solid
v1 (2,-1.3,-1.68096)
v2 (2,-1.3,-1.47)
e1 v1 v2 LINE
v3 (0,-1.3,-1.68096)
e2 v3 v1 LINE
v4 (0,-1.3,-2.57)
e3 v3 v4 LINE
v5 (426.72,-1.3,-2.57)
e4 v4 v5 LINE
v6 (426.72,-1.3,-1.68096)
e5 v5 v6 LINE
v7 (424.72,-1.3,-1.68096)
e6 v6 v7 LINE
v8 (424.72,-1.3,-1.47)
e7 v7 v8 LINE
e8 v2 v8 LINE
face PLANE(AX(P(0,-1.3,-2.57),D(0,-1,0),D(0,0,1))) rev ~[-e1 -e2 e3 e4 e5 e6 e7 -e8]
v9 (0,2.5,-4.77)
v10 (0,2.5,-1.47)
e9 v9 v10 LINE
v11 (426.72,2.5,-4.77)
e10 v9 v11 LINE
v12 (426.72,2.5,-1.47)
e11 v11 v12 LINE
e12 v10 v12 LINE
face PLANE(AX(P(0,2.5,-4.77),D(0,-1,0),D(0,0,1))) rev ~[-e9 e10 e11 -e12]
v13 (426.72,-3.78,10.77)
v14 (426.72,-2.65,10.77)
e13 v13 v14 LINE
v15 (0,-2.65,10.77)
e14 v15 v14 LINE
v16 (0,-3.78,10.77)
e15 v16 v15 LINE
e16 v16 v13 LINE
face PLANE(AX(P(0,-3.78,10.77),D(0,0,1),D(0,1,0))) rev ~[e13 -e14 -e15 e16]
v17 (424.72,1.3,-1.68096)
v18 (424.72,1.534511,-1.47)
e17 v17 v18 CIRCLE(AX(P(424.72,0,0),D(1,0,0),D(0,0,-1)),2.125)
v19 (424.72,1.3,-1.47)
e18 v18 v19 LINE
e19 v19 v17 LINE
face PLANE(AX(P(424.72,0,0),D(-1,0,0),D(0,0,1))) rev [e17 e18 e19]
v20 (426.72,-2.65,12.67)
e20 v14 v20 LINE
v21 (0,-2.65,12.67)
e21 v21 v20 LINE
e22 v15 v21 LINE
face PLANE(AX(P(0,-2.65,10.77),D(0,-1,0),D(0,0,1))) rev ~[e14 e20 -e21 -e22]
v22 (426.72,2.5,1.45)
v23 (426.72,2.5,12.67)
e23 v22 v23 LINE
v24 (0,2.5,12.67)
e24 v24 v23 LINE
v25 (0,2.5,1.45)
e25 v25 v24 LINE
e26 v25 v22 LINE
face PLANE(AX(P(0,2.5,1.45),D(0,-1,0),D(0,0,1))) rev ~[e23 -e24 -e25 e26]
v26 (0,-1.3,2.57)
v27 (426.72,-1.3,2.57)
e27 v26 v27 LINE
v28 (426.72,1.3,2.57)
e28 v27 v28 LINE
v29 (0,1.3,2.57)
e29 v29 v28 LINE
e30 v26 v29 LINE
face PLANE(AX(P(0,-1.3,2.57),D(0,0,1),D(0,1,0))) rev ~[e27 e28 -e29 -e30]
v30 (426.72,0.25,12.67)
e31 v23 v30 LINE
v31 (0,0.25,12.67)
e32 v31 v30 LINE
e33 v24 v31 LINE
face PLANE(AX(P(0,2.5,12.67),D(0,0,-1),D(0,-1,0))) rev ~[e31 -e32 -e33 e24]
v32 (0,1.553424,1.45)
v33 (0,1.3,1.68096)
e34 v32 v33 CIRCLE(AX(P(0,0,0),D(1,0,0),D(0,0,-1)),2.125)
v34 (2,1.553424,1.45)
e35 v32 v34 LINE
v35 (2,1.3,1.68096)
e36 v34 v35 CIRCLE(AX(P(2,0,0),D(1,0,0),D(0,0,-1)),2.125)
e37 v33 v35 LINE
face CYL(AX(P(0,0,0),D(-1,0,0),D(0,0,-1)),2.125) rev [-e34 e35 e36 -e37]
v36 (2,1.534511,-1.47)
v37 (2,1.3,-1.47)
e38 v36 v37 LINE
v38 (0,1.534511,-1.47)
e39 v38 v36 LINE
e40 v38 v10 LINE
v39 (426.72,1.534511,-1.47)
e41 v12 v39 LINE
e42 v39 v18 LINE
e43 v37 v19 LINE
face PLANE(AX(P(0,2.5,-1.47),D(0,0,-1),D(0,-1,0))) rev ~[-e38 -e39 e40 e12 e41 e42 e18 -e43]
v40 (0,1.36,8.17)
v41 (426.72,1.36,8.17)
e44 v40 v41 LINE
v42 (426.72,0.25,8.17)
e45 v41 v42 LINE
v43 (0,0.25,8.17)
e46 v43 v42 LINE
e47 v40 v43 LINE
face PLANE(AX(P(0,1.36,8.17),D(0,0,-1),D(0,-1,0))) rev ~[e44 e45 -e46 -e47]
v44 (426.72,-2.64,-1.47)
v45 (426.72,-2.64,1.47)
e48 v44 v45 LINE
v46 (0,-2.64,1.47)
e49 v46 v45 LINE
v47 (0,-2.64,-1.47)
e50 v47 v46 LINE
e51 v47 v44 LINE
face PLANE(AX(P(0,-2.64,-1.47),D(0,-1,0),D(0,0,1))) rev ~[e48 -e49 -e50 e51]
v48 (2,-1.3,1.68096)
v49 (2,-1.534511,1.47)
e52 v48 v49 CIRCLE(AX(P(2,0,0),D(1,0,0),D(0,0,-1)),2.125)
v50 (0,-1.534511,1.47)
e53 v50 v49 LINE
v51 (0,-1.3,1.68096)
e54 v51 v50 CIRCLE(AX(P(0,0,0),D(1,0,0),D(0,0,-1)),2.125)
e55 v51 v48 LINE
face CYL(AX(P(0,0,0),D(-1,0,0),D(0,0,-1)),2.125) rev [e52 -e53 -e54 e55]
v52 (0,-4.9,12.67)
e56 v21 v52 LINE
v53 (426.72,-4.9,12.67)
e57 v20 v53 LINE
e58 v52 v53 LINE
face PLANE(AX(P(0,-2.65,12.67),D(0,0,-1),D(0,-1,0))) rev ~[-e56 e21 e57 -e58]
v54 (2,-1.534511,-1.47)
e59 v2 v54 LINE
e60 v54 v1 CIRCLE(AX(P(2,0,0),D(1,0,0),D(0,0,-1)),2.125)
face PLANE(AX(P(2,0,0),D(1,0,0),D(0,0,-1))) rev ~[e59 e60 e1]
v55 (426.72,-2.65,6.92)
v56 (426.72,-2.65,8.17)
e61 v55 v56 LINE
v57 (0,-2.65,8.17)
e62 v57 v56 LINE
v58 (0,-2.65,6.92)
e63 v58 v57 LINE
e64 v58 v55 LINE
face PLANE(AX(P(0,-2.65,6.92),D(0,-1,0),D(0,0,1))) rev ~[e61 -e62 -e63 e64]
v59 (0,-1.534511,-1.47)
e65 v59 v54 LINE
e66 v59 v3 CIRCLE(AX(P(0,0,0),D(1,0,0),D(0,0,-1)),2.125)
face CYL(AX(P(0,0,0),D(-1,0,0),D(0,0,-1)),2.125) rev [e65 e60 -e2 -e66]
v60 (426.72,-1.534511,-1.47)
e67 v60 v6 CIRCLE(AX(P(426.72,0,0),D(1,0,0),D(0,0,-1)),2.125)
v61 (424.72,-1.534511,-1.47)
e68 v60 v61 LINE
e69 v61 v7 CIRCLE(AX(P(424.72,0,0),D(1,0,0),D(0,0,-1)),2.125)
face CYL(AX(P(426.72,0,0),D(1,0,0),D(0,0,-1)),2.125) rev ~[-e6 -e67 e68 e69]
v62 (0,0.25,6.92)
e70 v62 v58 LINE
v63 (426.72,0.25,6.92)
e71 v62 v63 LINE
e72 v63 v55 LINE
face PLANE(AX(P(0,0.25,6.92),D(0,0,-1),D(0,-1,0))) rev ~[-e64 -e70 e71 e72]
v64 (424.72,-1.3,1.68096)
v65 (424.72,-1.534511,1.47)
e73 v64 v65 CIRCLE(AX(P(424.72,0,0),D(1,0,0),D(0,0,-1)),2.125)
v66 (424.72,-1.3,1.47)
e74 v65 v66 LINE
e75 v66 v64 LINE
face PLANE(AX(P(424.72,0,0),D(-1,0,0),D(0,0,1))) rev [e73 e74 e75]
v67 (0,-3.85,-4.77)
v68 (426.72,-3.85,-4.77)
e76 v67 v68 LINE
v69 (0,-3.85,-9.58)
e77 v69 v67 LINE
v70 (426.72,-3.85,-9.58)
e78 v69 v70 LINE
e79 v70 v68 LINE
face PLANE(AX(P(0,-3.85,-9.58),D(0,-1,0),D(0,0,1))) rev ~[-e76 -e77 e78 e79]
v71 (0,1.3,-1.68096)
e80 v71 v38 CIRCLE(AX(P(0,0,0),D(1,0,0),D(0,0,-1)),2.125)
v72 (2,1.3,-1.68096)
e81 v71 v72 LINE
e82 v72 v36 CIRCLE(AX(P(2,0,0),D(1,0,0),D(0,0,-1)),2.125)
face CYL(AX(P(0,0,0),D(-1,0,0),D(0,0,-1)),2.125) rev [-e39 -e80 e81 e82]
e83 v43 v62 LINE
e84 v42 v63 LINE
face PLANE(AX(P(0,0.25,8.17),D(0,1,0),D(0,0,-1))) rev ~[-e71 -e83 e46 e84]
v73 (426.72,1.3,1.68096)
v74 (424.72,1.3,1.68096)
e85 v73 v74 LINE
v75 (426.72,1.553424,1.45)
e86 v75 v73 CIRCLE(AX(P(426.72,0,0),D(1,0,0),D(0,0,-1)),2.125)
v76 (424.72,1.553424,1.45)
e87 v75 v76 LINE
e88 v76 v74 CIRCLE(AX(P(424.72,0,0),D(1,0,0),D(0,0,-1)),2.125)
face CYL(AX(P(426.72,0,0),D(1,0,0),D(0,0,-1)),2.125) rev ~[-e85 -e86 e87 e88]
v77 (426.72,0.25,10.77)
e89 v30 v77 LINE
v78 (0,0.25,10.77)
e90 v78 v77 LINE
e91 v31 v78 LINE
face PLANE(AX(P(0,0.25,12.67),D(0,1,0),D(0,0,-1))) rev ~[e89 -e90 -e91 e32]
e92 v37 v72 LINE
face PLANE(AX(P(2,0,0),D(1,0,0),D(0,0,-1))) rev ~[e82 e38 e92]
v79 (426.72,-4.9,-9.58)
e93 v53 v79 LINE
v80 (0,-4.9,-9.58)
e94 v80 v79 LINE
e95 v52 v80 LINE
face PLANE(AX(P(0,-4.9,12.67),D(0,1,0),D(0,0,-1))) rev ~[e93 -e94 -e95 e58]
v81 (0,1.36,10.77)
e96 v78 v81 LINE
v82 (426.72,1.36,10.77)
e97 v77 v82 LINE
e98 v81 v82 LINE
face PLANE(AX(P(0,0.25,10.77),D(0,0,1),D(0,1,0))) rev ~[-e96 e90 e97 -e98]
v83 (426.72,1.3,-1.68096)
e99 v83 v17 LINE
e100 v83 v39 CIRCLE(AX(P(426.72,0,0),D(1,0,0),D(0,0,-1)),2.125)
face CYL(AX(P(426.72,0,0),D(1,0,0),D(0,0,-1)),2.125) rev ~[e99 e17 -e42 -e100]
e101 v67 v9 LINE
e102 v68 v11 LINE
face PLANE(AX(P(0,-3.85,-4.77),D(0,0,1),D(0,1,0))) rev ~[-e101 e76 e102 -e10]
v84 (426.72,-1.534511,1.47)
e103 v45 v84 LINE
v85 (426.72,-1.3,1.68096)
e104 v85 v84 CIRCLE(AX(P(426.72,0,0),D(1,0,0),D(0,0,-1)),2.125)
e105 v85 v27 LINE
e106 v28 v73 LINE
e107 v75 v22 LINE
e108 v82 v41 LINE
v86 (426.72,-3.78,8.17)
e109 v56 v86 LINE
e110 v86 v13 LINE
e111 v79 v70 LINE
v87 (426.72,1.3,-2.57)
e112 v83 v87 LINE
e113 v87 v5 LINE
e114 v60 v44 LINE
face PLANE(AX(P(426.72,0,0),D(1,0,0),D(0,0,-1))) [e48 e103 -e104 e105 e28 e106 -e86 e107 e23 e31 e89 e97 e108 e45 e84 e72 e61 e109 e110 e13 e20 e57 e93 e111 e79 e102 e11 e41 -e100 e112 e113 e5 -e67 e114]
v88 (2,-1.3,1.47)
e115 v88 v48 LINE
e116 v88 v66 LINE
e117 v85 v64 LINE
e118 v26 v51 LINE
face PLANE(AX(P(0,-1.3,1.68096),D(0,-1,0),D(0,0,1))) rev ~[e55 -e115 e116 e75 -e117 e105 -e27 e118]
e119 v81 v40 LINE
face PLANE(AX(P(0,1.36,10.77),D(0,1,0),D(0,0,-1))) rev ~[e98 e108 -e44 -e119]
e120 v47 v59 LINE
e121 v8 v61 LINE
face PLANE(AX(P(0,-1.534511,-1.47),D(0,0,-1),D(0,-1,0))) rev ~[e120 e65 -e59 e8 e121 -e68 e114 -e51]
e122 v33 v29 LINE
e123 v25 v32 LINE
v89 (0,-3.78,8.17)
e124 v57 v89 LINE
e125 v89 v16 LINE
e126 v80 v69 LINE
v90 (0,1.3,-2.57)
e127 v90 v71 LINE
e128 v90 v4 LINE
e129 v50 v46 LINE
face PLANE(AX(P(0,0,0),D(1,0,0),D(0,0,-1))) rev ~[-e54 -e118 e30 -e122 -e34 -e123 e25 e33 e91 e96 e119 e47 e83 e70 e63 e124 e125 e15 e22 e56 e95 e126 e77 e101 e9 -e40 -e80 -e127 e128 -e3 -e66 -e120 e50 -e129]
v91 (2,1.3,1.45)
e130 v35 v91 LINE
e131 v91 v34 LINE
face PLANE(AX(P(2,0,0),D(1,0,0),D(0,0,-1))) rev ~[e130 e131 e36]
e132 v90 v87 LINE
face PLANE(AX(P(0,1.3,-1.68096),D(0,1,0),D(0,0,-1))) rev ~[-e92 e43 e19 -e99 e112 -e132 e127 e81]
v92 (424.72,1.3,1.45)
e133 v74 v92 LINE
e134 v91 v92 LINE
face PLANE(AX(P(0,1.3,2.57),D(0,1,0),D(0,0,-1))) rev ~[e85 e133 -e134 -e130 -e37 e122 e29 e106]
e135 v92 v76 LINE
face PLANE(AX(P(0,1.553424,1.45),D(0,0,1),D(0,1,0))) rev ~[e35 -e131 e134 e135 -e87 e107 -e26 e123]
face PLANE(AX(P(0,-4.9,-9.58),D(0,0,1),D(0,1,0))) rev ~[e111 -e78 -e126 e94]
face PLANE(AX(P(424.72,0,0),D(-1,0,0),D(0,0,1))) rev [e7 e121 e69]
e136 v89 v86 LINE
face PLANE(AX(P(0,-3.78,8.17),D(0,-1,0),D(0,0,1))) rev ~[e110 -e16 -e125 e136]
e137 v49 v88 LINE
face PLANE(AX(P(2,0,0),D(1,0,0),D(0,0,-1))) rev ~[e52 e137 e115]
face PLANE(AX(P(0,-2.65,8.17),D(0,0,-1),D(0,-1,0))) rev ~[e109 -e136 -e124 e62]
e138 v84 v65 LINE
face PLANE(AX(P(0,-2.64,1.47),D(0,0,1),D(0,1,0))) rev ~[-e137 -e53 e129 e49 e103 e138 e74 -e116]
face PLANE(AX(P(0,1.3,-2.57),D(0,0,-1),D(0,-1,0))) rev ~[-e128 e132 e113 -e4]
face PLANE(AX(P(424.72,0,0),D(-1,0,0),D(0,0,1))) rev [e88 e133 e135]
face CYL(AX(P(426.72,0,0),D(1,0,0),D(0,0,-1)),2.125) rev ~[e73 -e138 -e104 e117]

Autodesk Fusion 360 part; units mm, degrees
sketch "Sketch1" plane through (0, 0, 0) normal (1, 0, 0) x (0, 0, -1)
  line L0 (-12.67, -4.9) -> (9.58, -4.9)
  line L1 (9.58, -4.9) -> (9.58, -3.85)
  line L2 (9.58, -3.85) -> (4.77, -3.85)
  line L3 (4.77, -3.85) -> (4.77, 2.5)
  line L4 (4.77, 2.5) -> (1.47, 2.5)
  line L5 (1.47, 2.5) -> (1.47, 1.3)
  line L6 (1.47, 1.3) -> (2.57, 1.3)
  line L7 (2.57, 1.3) -> (2.57, -1.3)
  line L8 (2.57, -1.3) -> (1.47, -1.3)
  line L9 (1.47, -1.3) -> (1.47, -2.64)
  line L10 (1.47, -2.64) -> (-1.47, -2.64)
  line L11 (-1.47, -2.64) -> (-1.47, -1.3)
  line L12 (-1.47, -1.3) -> (-2.57, -1.3)
  line L13 (-2.57, -1.3) -> (-2.57, 1.3)
  line L14 (-2.57, 1.3) -> (-1.45, 1.3)
  line L15 (-1.45, 1.3) -> (-1.45, 2.5)
  line L16 (-1.45, 2.5) -> (-12.67, 2.5)
  line L17 (-12.67, 2.5) -> (-12.67, 0.25)
  line L18 (-12.67, 0.25) -> (-10.77, 0.25)
  line L19 (-10.77, 0.25) -> (-10.77, 1.36)
  line L20 (-10.77, 1.36) -> (-8.17, 1.36)
  line L21 (-8.17, 1.36) -> (-8.17, 0.25)
  line L22 (-8.17, 0.25) -> (-6.92, 0.25)
  line L23 (-6.92, 0.25) -> (-6.92, -2.65)
  line L24 (-6.92, -2.65) -> (-8.17, -2.65)
  line L25 (-8.17, -2.65) -> (-8.17, -3.78)
  line L26 (-8.17, -3.78) -> (-10.77, -3.78)
  line L27 (-10.77, -3.78) -> (-10.77, -2.65)
  line L28 (-10.77, -2.65) -> (-12.67, -2.65)
  line L29 (-12.67, -2.65) -> (-12.67, -4.9)
  line L30 (-2.57, 0) -> (2.57, 0) construction
  line L31 (0, -2.64) -> (0, 0) construction
  circle A0 centre (0, 0) radius 2.125
  dimension "d1" = 22.25
  dimension "d2" = 1.05
  dimension "d3" = 7.4
  dimension "d4" = 3.3
  dimension "d5" = 17.44
  dimension "d6" = 11.22
  dimension "d7" = 1.14
  dimension "d8" = 2.25
  dimension "d9" = 2.25
  dimension "d10" = 5.14
  dimension "d11" = 2.6
  dimension "d12" = 5.14
  dimension "d13" = 5.75
  dimension "d14" = 2.6
  dimension "d15" = 1.9
  dimension "d16" = 1.2
  dimension "d17" = 5.14
  dimension "d18" = 2.2
  dimension "d23" = 4.25
extrude "Extrude1" add sketch "Sketch1" along normal blind 426.72 contours L0 L1 L2 L3 L4 L5 L6 L7 L8 L9 L10 L11 L12 L13 L14 L15 L16 L17 L18 L19 L20 L21 L22 L23 L24 L25 L26 L27 L28 L29 A0 | L5 L6 A0 | L14 L15 A0 | L8 L9 A0 | L11 L12 A0
extrude "Extrude2" cut sketch "Sketch1" along normal blind 2 contours L5 L6 A0 | L14 L15 A0 | L8 L9 A0 | L11 L12 A0
ref_plane "WorkPlane1" through (213.36, -1.2, 1.545) normal (1, 0, 0) x (0, 0, -1)
mirror "Mirror1" about plane through (213.36, -1.2, 1.545) normal (1, 0, 0) of "Extrude2"
equation "d9 = d8"
equation "hp_units = 84"
equation "hp_constant = 5.08 mm"
equation "d21 = hp_constant * hp_units"
